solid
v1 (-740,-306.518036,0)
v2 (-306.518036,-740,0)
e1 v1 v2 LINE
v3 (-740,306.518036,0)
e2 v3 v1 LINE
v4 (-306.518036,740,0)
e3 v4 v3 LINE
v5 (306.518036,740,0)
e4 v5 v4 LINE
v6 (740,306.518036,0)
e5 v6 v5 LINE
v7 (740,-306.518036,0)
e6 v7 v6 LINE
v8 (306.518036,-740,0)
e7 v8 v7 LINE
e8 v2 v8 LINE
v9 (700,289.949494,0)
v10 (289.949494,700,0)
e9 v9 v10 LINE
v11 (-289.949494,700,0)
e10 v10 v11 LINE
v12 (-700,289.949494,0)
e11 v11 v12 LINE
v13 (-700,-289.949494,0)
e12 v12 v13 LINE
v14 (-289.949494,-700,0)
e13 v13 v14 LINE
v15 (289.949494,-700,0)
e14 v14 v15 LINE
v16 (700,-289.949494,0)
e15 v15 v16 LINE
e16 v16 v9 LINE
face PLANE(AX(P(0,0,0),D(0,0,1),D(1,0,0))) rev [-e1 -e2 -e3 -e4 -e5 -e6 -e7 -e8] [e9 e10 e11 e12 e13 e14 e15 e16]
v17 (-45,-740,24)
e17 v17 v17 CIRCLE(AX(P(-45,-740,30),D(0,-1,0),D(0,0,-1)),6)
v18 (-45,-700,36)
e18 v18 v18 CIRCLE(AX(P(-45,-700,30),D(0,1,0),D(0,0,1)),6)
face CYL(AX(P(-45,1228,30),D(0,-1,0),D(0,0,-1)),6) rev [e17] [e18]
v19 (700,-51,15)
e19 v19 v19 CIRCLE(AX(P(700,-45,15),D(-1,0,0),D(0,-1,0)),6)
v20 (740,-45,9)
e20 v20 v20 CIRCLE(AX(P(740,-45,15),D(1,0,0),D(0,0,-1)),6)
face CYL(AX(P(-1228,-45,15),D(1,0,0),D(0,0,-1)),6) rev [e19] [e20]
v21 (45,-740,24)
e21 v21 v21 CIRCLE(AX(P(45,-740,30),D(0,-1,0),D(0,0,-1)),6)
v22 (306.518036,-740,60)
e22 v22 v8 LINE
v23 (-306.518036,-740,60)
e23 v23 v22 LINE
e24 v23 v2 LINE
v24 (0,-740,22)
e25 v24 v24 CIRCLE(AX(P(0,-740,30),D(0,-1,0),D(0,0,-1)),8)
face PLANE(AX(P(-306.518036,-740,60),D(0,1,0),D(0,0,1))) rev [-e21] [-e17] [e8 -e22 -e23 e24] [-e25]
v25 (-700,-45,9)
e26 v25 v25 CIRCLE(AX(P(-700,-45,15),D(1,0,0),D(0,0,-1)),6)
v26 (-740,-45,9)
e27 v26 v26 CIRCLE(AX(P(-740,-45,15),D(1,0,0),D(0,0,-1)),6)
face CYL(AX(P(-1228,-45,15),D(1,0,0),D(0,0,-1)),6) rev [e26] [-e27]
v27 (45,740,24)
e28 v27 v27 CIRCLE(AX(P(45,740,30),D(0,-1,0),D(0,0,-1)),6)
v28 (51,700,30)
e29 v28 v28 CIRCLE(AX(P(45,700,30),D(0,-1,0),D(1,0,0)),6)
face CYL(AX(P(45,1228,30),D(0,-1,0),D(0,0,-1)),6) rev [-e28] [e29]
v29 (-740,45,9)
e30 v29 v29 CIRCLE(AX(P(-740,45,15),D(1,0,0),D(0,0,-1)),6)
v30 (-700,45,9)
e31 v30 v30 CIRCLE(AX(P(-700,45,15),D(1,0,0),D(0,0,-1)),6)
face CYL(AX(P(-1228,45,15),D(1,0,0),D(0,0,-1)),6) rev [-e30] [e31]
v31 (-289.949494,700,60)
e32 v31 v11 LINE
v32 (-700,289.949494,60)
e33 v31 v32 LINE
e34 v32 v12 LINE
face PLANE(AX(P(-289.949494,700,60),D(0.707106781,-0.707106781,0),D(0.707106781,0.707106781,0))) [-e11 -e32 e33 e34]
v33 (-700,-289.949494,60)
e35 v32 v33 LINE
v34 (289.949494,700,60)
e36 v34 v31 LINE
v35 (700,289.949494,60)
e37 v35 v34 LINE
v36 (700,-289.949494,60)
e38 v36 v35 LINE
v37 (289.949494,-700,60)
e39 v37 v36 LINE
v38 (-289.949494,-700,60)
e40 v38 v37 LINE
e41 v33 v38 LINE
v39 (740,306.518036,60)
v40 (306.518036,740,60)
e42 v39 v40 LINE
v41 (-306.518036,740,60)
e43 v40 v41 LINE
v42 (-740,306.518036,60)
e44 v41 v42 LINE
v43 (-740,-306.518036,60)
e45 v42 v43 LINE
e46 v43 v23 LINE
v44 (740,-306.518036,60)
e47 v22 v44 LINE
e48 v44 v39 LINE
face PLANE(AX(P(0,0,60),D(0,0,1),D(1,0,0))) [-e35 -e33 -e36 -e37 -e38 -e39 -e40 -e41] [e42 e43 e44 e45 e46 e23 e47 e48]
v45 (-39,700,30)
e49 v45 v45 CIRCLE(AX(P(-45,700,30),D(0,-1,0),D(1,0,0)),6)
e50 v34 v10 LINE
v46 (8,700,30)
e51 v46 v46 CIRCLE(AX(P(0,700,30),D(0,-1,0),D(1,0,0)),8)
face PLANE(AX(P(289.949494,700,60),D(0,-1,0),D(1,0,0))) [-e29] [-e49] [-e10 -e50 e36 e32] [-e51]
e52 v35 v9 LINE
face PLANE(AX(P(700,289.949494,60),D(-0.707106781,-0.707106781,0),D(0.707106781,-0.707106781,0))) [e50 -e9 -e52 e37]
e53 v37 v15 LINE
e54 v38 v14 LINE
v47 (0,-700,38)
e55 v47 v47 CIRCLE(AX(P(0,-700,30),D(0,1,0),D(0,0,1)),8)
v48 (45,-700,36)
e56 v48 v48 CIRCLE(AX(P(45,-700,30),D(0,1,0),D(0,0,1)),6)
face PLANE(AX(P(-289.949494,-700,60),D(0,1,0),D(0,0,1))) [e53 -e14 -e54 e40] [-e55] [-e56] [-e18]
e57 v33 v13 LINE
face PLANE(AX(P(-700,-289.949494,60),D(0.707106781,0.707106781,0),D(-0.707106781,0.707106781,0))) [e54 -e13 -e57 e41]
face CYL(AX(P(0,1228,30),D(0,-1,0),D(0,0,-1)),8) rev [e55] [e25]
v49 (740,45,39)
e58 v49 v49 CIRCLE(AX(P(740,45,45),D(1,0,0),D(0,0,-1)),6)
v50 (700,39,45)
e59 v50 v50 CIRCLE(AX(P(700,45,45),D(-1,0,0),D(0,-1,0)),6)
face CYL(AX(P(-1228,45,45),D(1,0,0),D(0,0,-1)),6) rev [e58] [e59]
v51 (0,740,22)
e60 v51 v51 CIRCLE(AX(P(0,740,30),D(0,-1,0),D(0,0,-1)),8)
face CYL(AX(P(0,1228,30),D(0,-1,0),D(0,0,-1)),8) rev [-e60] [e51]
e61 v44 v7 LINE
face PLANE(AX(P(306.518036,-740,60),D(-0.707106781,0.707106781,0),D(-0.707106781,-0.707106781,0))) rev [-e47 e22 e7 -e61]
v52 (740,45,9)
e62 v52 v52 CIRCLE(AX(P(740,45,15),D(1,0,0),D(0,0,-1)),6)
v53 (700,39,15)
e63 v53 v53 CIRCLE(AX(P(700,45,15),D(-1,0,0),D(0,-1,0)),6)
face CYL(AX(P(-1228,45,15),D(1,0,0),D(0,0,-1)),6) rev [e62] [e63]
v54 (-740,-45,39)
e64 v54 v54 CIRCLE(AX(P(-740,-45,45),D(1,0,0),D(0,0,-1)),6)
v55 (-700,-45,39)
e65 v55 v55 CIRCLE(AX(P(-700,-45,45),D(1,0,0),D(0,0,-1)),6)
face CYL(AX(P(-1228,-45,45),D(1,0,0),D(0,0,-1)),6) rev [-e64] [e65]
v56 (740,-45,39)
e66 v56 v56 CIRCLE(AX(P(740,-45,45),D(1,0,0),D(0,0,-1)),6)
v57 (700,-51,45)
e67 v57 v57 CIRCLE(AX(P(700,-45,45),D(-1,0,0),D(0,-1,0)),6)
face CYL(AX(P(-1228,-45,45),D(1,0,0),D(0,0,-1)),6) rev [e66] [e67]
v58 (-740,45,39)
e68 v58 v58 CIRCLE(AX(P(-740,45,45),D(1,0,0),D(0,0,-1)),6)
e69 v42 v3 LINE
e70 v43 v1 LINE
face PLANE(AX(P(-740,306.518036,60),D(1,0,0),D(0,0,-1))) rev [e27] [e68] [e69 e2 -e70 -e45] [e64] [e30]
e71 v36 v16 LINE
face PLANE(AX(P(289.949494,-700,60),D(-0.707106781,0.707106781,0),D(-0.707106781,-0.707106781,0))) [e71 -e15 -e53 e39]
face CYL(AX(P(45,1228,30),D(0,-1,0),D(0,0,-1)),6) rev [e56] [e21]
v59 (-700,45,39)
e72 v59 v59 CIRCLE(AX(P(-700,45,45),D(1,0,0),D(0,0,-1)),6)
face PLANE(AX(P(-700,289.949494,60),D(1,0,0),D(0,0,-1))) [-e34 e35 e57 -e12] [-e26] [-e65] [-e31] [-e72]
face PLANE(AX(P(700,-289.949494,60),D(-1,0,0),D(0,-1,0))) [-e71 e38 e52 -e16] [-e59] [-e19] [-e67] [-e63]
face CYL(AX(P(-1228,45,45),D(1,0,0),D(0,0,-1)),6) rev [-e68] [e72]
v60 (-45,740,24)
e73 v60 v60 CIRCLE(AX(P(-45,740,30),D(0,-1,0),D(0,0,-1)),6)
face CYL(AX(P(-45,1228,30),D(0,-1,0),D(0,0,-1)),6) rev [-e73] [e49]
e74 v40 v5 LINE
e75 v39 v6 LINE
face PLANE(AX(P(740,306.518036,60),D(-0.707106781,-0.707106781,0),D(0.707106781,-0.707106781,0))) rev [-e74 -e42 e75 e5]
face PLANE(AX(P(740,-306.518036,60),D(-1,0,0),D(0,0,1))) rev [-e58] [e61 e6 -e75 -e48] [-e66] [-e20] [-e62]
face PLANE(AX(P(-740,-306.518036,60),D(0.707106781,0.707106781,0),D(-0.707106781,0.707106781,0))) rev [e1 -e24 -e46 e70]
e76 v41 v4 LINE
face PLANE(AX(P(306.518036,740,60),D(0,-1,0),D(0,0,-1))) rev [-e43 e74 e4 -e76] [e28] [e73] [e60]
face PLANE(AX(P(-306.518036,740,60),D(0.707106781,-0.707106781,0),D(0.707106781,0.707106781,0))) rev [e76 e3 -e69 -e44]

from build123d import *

# Parameters (mm, degrees)
BOSS_EXTRUDE1_DEPTH = 60
SKETCH4_R           = 8
SKETCH4_R_2         = 6
CUT_EXTRUDE1_DEPTH  = 1968
SKETCH6_R           = 6
CUT_EXTRUDE2_DEPTH  = 1968


with BuildPart() as part:
    # Sketch2 → Boss-Extrude1 (new body)
    with BuildSketch(Plane.XY):
        Polygon((740, 306.518036156), (306.518036156, 740), (-306.518036156, 740), (-740, 306.518036156), (-740, -306.518036156), (-306.518036156, -740), (306.518036156, -740), (740, -306.518036156), align=None)
        Polygon((700, -289.949493661), (700, 289.949493661), (289.949493661, 700), (-289.949493661, 700), (-700, 289.949493661), (-700, -289.949493661), (-289.949493661, -700), (289.949493661, -700), align=None, mode=Mode.SUBTRACT)
    extrude(amount=BOSS_EXTRUDE1_DEPTH)

    # Sketch4 → Cut-Extrude1 (cut)
    with BuildSketch(Plane.XZ.offset(740)):
        with Locations(Location((0, 30, 0), (0, 0, 270))):
            Circle(SKETCH4_R)
        with Locations(Location((-45, 30, 0), (0, 0, 270))):
            Circle(SKETCH4_R_2)
        with Locations(Location((45, 30, 0), (0, 0, 270))):
            Circle(SKETCH4_R_2)
    extrude(amount=-CUT_EXTRUDE1_DEPTH, mode=Mode.SUBTRACT)

    # Sketch6 → Cut-Extrude2 (cut)
    with BuildSketch(Plane(origin=(740, 0, 0), x_dir=(0, 0, -1), z_dir=(1, 0, 0))):
        with Locations((-15, 45)):
            Circle(SKETCH6_R)
        with Locations((-15, -45)):
            Circle(SKETCH6_R)
        with Locations((-45, 45)):
            Circle(SKETCH6_R)
        with Locations((-45, -45)):
            Circle(SKETCH6_R)
    extrude(amount=-CUT_EXTRUDE2_DEPTH, mode=Mode.SUBTRACT)


solid = part.part
